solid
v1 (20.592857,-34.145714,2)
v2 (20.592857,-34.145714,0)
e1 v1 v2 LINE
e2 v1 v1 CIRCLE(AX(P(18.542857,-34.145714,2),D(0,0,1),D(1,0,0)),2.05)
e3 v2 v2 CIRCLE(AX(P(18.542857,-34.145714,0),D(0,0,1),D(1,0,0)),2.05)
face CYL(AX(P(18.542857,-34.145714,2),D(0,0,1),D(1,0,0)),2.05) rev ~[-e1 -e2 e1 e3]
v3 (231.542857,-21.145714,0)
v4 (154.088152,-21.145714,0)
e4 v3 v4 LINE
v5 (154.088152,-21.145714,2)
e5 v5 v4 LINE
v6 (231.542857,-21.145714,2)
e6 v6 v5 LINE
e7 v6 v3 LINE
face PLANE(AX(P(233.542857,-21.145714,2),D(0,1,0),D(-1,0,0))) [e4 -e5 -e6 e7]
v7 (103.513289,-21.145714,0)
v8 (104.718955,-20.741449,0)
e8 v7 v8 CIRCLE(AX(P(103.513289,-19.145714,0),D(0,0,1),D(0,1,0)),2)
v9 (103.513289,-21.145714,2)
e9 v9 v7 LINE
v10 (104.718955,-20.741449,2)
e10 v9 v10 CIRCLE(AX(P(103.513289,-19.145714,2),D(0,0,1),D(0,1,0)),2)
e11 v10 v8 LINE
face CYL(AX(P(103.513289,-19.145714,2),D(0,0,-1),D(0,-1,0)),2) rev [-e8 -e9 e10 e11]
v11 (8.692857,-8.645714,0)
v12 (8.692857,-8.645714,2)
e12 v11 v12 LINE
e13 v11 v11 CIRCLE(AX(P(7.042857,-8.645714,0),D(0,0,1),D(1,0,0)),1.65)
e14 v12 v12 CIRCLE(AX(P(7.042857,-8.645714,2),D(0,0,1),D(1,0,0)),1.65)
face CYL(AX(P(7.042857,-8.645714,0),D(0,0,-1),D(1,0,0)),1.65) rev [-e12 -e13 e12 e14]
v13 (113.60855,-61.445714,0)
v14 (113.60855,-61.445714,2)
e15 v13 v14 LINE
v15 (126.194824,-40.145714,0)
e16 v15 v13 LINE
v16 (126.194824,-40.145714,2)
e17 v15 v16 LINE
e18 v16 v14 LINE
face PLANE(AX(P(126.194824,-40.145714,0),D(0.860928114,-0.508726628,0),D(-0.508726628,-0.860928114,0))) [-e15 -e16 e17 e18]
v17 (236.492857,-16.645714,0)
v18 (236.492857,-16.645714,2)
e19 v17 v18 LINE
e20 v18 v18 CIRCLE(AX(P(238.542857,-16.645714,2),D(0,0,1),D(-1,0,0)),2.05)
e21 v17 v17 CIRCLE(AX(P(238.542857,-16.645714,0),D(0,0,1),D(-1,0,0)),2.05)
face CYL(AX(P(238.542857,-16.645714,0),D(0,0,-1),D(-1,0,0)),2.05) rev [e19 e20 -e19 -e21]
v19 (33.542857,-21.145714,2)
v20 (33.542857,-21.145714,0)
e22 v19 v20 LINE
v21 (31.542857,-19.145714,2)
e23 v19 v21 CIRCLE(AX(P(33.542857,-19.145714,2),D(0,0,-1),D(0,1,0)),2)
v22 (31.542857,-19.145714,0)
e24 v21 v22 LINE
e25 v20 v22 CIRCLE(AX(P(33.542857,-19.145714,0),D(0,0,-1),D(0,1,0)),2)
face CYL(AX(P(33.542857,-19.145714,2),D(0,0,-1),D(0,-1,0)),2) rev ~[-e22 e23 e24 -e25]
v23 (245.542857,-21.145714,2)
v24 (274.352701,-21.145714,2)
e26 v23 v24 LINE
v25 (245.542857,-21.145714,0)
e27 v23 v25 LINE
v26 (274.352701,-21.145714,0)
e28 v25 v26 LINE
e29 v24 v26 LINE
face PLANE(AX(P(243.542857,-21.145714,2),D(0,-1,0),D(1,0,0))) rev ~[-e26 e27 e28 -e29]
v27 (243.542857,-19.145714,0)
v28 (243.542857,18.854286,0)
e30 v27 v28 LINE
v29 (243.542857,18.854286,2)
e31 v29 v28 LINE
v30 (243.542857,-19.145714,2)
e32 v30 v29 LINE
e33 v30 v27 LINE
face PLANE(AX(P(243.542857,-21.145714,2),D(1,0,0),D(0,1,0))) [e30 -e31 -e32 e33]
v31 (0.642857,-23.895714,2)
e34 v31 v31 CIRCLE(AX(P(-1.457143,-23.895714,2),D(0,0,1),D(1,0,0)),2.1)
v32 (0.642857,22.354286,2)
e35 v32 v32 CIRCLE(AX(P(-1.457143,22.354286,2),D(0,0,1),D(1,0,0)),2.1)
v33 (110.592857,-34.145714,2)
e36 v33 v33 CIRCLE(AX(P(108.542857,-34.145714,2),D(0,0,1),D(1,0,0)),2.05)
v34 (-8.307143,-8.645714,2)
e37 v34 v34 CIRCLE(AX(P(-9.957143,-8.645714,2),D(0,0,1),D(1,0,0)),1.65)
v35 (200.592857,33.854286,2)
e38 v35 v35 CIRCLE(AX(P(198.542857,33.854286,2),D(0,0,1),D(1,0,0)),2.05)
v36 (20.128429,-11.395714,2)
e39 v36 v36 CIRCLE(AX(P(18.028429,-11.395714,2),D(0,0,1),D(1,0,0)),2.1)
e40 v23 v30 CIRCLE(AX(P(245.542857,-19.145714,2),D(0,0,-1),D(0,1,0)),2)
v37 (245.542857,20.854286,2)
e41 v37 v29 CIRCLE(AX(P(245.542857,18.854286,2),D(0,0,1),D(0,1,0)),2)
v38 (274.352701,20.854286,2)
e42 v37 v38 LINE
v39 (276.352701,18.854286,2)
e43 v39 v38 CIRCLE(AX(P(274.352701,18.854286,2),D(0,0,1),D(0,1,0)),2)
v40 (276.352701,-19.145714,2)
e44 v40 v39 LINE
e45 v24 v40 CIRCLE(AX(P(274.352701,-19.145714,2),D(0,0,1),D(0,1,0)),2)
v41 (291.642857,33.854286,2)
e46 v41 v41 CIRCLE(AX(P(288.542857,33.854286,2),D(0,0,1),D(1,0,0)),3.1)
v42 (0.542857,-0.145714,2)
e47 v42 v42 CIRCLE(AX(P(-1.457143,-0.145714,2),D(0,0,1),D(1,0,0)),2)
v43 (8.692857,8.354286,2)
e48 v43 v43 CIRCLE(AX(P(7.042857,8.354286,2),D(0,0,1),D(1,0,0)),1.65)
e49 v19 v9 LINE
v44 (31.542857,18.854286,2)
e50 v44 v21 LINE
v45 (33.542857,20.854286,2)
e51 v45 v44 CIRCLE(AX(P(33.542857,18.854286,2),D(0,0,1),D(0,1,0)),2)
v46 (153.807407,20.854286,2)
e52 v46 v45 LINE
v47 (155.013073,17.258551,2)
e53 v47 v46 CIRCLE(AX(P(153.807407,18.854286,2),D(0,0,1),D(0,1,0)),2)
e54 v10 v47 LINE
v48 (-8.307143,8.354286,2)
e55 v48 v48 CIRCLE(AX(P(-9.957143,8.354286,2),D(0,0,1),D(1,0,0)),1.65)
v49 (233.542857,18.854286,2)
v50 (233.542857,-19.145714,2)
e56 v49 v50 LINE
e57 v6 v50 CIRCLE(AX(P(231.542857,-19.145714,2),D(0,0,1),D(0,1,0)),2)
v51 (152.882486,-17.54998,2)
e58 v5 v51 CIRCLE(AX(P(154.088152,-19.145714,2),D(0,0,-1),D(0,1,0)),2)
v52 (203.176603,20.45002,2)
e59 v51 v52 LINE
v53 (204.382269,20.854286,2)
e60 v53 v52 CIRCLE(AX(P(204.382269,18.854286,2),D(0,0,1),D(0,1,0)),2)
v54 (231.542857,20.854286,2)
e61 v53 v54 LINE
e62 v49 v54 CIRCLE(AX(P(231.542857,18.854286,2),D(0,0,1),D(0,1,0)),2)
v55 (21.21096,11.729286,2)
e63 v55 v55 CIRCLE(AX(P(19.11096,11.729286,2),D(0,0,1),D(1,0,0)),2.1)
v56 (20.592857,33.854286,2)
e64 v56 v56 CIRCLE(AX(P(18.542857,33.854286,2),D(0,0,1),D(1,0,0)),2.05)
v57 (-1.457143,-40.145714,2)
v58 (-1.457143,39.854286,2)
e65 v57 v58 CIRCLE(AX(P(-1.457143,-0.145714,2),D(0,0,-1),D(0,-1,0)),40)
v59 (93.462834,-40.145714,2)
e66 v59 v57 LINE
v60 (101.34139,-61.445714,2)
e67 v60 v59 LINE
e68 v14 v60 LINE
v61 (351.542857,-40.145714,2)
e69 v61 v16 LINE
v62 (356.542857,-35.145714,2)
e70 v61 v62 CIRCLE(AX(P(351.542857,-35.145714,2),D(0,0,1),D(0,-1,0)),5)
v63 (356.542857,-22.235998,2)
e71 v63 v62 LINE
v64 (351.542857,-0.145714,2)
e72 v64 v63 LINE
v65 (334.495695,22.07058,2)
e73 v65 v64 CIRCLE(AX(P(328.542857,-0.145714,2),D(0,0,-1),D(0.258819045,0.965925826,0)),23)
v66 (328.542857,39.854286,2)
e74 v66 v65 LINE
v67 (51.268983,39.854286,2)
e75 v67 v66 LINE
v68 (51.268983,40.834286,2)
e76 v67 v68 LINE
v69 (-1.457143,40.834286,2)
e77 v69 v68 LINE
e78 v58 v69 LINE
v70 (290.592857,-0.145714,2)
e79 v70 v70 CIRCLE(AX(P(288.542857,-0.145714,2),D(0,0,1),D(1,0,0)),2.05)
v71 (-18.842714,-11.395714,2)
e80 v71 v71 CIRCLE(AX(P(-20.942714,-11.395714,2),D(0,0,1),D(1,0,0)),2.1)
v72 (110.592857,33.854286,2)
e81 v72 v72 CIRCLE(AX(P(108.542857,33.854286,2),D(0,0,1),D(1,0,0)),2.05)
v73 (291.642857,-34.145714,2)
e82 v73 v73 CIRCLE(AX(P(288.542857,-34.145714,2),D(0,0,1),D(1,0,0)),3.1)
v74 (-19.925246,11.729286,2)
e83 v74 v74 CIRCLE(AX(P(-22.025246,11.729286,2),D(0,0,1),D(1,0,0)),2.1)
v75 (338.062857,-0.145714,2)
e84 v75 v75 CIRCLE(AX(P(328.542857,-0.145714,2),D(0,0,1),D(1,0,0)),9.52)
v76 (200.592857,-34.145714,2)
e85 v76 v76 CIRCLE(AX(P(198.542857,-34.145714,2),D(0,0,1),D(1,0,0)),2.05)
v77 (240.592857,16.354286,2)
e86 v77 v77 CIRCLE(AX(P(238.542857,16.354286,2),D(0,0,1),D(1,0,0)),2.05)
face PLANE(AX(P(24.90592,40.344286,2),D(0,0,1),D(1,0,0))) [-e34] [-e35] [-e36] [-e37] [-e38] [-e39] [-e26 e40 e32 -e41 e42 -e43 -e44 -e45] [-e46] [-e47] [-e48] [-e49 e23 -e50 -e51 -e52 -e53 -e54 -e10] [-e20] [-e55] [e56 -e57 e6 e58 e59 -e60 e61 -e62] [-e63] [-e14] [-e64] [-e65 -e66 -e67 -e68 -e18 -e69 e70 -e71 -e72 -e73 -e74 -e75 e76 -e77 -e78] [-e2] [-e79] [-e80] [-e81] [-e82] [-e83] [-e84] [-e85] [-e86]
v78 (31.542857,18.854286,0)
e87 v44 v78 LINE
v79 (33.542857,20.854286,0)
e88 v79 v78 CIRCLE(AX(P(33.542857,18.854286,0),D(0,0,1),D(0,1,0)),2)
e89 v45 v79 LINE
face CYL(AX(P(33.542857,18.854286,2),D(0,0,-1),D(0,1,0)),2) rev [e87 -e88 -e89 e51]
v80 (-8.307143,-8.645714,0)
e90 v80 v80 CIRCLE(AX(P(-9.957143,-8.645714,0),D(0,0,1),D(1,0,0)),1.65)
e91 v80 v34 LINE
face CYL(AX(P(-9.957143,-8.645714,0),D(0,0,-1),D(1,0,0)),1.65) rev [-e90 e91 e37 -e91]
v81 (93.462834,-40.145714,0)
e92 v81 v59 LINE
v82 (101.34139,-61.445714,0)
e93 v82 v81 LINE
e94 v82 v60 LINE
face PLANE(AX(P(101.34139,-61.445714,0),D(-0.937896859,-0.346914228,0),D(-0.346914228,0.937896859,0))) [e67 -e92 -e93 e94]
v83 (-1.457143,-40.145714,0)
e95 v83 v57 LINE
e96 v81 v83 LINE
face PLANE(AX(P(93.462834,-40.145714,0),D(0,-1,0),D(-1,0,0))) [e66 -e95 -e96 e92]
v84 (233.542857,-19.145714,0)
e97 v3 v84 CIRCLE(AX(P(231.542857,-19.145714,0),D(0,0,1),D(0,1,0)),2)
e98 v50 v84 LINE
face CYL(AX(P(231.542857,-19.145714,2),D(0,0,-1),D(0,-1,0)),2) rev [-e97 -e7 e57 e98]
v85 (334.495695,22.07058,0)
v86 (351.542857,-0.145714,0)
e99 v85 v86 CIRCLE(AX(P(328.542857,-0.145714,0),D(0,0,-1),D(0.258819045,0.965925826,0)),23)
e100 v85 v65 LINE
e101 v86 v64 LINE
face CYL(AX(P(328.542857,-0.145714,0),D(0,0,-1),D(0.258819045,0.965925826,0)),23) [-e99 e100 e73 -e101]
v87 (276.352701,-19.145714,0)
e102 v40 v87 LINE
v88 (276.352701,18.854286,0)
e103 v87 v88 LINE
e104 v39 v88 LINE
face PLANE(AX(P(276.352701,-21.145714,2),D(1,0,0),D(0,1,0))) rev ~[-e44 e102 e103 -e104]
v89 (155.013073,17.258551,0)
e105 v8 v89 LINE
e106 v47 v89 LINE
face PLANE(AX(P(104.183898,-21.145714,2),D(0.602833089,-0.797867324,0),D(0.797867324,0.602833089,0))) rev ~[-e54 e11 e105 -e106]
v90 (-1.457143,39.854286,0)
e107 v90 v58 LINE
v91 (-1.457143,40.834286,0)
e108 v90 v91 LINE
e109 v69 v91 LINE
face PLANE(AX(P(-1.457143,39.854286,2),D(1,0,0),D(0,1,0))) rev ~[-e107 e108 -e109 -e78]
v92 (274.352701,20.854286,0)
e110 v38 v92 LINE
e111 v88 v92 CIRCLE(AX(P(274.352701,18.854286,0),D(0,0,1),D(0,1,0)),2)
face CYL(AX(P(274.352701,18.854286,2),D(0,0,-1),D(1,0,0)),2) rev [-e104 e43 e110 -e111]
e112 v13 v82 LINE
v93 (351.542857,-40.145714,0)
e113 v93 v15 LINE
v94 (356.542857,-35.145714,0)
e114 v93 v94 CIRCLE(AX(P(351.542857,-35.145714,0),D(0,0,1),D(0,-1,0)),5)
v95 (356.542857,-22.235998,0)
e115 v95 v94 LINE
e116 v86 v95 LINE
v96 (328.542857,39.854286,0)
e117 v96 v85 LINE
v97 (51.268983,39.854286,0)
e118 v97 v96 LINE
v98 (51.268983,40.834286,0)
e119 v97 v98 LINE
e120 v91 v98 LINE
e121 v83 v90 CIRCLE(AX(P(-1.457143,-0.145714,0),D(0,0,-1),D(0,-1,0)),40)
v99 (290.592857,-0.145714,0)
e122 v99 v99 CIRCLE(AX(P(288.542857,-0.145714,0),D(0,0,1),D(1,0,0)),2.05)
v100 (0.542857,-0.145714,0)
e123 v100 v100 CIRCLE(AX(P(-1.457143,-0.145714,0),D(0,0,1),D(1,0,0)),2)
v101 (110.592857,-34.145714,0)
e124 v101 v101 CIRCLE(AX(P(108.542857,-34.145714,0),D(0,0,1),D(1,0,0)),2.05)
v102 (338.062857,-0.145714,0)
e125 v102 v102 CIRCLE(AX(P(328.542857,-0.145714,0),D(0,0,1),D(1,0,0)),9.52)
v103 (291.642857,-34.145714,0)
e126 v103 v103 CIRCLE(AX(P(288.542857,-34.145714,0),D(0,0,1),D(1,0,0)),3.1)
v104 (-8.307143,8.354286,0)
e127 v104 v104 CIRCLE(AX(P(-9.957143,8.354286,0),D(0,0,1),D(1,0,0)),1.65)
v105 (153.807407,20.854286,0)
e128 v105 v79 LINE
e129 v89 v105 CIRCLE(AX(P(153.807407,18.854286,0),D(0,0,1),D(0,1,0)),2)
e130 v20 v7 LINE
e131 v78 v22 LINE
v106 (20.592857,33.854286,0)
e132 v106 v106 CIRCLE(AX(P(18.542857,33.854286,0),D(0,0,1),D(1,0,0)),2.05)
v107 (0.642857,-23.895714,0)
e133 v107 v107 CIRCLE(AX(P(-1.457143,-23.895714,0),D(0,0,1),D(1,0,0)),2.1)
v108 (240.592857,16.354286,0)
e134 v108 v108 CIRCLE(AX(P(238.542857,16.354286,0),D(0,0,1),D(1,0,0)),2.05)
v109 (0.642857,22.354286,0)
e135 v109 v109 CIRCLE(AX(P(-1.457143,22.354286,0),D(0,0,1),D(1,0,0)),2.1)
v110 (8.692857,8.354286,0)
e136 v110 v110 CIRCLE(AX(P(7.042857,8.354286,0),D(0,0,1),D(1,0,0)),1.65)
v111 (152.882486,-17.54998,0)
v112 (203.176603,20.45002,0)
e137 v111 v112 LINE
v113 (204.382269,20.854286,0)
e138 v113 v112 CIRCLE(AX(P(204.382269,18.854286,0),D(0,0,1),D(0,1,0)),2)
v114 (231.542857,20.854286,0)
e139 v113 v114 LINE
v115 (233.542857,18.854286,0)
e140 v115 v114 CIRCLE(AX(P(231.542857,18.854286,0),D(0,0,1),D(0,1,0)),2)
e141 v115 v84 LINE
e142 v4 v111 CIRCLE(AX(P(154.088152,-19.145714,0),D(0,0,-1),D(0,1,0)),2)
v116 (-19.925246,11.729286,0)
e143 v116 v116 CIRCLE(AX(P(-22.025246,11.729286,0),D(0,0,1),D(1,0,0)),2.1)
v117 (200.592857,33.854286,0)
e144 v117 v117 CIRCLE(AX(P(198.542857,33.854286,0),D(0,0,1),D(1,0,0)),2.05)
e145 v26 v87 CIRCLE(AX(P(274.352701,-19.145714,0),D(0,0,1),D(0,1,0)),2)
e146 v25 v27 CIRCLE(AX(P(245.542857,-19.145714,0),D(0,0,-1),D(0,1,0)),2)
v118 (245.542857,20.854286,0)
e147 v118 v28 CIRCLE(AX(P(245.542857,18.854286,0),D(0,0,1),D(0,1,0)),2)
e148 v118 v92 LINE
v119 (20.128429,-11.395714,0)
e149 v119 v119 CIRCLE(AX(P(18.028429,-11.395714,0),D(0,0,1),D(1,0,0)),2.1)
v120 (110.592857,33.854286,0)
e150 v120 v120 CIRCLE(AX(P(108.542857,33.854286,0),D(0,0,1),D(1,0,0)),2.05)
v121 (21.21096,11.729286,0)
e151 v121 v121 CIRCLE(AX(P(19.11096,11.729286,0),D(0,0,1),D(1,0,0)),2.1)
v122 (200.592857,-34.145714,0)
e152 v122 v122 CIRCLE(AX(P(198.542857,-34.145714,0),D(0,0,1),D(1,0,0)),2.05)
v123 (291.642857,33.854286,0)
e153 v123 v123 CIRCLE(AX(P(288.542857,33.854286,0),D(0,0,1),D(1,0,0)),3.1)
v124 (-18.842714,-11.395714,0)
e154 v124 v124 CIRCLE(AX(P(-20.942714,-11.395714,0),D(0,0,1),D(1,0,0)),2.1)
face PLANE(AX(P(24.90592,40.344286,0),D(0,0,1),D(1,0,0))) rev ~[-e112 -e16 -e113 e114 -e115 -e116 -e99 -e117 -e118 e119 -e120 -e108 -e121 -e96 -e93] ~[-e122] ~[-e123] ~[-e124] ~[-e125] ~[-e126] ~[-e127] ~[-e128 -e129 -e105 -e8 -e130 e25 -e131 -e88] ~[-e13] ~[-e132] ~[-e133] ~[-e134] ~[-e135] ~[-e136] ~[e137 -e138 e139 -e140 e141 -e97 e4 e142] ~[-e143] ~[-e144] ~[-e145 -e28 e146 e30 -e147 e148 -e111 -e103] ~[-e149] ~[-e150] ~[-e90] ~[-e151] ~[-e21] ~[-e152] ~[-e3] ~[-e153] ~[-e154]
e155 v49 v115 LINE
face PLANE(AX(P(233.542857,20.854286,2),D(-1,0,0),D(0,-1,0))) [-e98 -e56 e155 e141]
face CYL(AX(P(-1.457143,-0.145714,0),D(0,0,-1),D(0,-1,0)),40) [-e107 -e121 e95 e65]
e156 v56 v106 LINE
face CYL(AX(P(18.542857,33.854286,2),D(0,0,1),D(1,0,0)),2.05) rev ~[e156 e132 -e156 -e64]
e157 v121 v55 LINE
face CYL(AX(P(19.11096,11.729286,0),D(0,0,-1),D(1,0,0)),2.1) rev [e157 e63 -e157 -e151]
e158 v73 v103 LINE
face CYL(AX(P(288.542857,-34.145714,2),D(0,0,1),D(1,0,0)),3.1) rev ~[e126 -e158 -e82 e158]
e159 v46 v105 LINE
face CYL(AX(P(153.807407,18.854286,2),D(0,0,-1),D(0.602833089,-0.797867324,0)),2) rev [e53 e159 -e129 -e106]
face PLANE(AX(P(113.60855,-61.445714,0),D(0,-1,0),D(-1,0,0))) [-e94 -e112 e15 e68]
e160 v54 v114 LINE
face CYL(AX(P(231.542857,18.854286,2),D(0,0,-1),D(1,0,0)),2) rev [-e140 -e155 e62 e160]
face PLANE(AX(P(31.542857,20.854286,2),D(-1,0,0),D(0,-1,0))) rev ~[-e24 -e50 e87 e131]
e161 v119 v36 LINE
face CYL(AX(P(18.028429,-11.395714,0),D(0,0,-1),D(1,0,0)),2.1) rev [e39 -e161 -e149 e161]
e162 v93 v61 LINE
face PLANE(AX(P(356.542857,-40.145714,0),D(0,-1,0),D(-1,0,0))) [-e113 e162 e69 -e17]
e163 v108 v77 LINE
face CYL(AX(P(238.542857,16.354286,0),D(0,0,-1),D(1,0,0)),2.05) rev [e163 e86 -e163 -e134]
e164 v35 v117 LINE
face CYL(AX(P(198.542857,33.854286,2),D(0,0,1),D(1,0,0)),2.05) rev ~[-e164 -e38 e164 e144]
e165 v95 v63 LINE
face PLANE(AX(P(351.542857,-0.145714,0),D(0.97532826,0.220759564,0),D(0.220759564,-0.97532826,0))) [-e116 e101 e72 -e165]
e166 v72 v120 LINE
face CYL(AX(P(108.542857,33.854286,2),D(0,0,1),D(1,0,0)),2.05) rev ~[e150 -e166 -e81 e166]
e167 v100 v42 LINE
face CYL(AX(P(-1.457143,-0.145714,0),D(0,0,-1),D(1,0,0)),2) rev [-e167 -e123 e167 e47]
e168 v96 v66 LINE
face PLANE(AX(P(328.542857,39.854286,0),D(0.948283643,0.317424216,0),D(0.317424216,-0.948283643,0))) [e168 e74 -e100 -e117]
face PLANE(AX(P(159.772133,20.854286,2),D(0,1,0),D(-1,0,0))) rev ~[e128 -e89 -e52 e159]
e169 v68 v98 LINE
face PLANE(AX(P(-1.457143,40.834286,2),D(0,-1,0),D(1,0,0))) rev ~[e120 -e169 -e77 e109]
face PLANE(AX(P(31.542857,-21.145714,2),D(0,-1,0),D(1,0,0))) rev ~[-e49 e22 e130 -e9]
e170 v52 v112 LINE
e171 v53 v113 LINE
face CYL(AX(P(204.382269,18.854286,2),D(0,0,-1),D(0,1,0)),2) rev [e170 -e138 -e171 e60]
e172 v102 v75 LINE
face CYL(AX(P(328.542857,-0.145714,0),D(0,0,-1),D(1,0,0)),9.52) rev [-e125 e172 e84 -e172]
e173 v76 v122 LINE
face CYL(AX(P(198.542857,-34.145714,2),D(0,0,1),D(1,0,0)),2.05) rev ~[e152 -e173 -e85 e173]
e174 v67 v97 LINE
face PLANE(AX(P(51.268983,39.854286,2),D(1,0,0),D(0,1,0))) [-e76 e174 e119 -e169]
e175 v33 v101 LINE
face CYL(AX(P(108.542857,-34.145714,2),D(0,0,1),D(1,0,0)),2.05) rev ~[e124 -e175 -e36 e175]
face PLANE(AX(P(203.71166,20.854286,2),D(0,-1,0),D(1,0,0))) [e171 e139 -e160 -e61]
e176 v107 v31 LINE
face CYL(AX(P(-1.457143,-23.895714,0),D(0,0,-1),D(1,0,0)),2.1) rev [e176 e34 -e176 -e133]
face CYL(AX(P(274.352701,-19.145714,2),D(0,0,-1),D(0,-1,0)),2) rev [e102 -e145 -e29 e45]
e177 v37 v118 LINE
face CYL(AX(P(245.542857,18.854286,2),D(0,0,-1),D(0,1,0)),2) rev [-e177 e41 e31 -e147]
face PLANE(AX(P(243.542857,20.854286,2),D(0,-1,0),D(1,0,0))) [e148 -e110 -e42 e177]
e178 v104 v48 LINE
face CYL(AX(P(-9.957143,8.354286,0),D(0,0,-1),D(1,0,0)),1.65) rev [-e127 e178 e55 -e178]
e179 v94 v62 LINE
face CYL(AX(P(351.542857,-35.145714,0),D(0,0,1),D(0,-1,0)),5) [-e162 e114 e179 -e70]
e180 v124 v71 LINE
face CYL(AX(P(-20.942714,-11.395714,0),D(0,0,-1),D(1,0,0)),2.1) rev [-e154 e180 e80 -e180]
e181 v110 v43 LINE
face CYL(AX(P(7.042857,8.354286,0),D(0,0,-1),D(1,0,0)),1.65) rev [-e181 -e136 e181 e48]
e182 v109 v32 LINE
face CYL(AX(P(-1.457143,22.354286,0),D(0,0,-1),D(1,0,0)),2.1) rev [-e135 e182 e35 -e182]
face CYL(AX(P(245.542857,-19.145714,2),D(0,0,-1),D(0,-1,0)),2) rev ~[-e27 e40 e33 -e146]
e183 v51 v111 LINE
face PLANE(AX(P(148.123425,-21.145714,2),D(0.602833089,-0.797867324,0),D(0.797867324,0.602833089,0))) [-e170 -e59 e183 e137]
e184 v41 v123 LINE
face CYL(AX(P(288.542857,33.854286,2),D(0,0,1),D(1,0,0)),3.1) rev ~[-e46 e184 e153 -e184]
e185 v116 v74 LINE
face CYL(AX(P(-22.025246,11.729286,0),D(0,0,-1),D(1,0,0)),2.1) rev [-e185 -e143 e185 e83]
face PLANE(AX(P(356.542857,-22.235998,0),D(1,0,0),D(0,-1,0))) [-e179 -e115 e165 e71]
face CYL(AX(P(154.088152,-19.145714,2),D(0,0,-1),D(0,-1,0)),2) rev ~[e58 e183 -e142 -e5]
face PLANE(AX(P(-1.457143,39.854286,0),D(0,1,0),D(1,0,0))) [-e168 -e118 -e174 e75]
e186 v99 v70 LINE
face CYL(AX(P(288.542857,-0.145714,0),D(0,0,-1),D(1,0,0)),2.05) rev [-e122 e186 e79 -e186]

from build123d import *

# Parameters (mm, degrees)
SKETCH_1_R          = 2.1
SKETCH_1_R_2        = 2
SKETCH_1_R_3        = 9.52
SKETCH_1_R_4        = 2.05
SKETCH_1_R_5        = 1.65
EXTRUDE_1_DEPTH     = 2
SKETCH_3_W          = 52.726125437
SKETCH_3_H          = 0.98
EXTRUDE_2_DEPTH     = 2
SKETCH_2_R          = 2.05
SKETCH_2_R_2        = 3.1
SKETCH_2_W          = 32.809844138
SKETCH_2_H          = 42
CUT_EXTRUDE_1_DEPTH = 4
FILLET_1_R          = 2
FILLET_2_R          = 5


with BuildPart() as part:
    # 草图1 → 凸台-拉伸1 (new body)
    with BuildSketch(Plane.XY):
        with BuildLine():
            Line((-1.457142857, 39.854285714), (328.542857143, 39.854285714))
            Line((328.542857143, 39.854285714), (334.49569518, 22.070579719))
            ThreePointArc((334.49569518, 22.070579719), (346.78998397, 13.855798581), (351.542857143, -0.145714286))
            Line((351.542857143, -0.145714286), (356.542857143, -22.235997541))
            Line((356.542857143, -22.235997541), (356.542857143, -40.145714286))
            Line((356.542857143, -40.145714286), (328.542857143, -40.145714286))
            Line((328.542857143, -40.145714286), (126.194823947, -40.145714286))
            Line((126.194823947, -40.145714286), (113.608549915, -61.445714286))
            Line((113.608549915, -61.445714286), (101.341389716, -61.445714286))
            Line((101.341389716, -61.445714286), (93.462833584, -40.145714286))
            Line((93.462833584, -40.145714286), (-1.457142857, -40.145714286))
            ThreePointArc((-1.457142857, -40.145714286), (-41.457142857, -0.145714286), (-1.457142857, 39.854285714))
        make_face()
        with Locations((-1.457142857, -23.895714286)):
            Circle(SKETCH_1_R, mode=Mode.SUBTRACT)
        with Locations((18.028428728, -11.395714286)):
            Circle(SKETCH_1_R, mode=Mode.SUBTRACT)
        with Locations((-1.457142857, -0.145714286)):
            Circle(SKETCH_1_R_2, mode=Mode.SUBTRACT)
        with Locations((328.542857143, -0.145714286)):
            Circle(SKETCH_1_R_3, mode=Mode.SUBTRACT)
        with Locations((288.542857143, -0.145714286)):
            Circle(SKETCH_1_R_4, mode=Mode.SUBTRACT)
        with Locations((238.542857143, 16.354285714)):
            Circle(SKETCH_1_R_4, mode=Mode.SUBTRACT)
        with Locations(Location((238.542857143, -16.645714286, 0), (0, 0, 180))):
            Circle(SKETCH_1_R_4, mode=Mode.SUBTRACT)
        with Locations((-20.942714442, -11.395714286)):
            Circle(SKETCH_1_R, mode=Mode.SUBTRACT)
        with Locations((-22.025246197, 11.729285714)):
            Circle(SKETCH_1_R, mode=Mode.SUBTRACT)
        with Locations((-1.457142857, 22.354285714)):
            Circle(SKETCH_1_R, mode=Mode.SUBTRACT)
        with Locations((19.110960483, 11.729285714)):
            Circle(SKETCH_1_R, mode=Mode.SUBTRACT)
        with Locations((7.042857143, -8.645714286)):
            Circle(SKETCH_1_R_5, mode=Mode.SUBTRACT)
        with Locations((-9.957142857, -8.645714286)):
            Circle(SKETCH_1_R_5, mode=Mode.SUBTRACT)
        with Locations((-9.957142857, 8.354285714)):
            Circle(SKETCH_1_R_5, mode=Mode.SUBTRACT)
        with Locations((7.042857143, 8.354285714)):
            Circle(SKETCH_1_R_5, mode=Mode.SUBTRACT)
    extrude(amount=EXTRUDE_1_DEPTH)

    # 草图3 → 凸台-拉伸2 (add)
    with BuildSketch(Plane.XY.offset(2)):
        with Locations((24.905919862, 40.344285714)):
            Rectangle(SKETCH_3_W, SKETCH_3_H)
    extrude(amount=-EXTRUDE_2_DEPTH)

    # 草图2 → 切除-拉伸1 (cut)
    with BuildSketch(Plane.XY.offset(2)):
        with Locations((18.542857143, 33.854285714)):
            Circle(SKETCH_2_R)
        with Locations((108.542857143, 33.854285714)):
            Circle(SKETCH_2_R)
        with Locations((198.542857143, 33.854285714)):
            Circle(SKETCH_2_R)
        with Locations((108.542857143, -34.145714286)):
            Circle(SKETCH_2_R)
        with Locations((198.542857143, -34.145714286)):
            Circle(SKETCH_2_R)
        with Locations((288.542857143, -34.145714286)):
            Circle(SKETCH_2_R_2)
        with Locations((18.542857143, -34.145714286)):
            Circle(SKETCH_2_R)
        with Locations((288.542857143, 33.854285714)):
            Circle(SKETCH_2_R_2)
        Polygon((31.542857143, -21.145714286), (104.183898028, -21.145714286), (159.772133322, 20.854285714), (31.542857143, 20.854285714), align=None)
        Polygon((148.123425102, -21.145714286), (203.711660396, 20.854285714), (233.542857143, 20.854285714), (233.542857143, -21.145714286), align=None)
        with Locations((259.947779212, -0.145714286)):
            Rectangle(SKETCH_2_W, SKETCH_2_H)
    extrude(amount=-CUT_EXTRUDE_1_DEPTH, mode=Mode.SUBTRACT)

    # 圆角1
    fillet_1_edges = [part.edges().sort_by_distance(p)[0] for p in [
        (31.542857143, -21.145714286, 1),
        (31.542857143, 20.854285714, 1),
        (159.772133322, 20.854285714, 1),
        (104.183898028, -21.145714286, 1),
        (243.542857143, 20.854285714, 1),
        (276.352701281, 20.854285714, 1),
        (276.352701281, -21.145714286, 1),
        (243.542857143, -21.145714286, 1),
        (203.711660396, 20.854285714, 1),
        (233.542857143, 20.854285714, 1),
        (233.542857143, -21.145714286, 1),
        (148.123425102, -21.145714286, 1),
    ]]
    fillet(fillet_1_edges, radius=FILLET_1_R)

    # 圆角2
    fillet_2_edges = [part.edges().sort_by_distance(p)[0] for p in [
        (356.542857143, -40.145714286, 1),
    ]]
    fillet(fillet_2_edges, radius=FILLET_2_R)


solid = part.part
